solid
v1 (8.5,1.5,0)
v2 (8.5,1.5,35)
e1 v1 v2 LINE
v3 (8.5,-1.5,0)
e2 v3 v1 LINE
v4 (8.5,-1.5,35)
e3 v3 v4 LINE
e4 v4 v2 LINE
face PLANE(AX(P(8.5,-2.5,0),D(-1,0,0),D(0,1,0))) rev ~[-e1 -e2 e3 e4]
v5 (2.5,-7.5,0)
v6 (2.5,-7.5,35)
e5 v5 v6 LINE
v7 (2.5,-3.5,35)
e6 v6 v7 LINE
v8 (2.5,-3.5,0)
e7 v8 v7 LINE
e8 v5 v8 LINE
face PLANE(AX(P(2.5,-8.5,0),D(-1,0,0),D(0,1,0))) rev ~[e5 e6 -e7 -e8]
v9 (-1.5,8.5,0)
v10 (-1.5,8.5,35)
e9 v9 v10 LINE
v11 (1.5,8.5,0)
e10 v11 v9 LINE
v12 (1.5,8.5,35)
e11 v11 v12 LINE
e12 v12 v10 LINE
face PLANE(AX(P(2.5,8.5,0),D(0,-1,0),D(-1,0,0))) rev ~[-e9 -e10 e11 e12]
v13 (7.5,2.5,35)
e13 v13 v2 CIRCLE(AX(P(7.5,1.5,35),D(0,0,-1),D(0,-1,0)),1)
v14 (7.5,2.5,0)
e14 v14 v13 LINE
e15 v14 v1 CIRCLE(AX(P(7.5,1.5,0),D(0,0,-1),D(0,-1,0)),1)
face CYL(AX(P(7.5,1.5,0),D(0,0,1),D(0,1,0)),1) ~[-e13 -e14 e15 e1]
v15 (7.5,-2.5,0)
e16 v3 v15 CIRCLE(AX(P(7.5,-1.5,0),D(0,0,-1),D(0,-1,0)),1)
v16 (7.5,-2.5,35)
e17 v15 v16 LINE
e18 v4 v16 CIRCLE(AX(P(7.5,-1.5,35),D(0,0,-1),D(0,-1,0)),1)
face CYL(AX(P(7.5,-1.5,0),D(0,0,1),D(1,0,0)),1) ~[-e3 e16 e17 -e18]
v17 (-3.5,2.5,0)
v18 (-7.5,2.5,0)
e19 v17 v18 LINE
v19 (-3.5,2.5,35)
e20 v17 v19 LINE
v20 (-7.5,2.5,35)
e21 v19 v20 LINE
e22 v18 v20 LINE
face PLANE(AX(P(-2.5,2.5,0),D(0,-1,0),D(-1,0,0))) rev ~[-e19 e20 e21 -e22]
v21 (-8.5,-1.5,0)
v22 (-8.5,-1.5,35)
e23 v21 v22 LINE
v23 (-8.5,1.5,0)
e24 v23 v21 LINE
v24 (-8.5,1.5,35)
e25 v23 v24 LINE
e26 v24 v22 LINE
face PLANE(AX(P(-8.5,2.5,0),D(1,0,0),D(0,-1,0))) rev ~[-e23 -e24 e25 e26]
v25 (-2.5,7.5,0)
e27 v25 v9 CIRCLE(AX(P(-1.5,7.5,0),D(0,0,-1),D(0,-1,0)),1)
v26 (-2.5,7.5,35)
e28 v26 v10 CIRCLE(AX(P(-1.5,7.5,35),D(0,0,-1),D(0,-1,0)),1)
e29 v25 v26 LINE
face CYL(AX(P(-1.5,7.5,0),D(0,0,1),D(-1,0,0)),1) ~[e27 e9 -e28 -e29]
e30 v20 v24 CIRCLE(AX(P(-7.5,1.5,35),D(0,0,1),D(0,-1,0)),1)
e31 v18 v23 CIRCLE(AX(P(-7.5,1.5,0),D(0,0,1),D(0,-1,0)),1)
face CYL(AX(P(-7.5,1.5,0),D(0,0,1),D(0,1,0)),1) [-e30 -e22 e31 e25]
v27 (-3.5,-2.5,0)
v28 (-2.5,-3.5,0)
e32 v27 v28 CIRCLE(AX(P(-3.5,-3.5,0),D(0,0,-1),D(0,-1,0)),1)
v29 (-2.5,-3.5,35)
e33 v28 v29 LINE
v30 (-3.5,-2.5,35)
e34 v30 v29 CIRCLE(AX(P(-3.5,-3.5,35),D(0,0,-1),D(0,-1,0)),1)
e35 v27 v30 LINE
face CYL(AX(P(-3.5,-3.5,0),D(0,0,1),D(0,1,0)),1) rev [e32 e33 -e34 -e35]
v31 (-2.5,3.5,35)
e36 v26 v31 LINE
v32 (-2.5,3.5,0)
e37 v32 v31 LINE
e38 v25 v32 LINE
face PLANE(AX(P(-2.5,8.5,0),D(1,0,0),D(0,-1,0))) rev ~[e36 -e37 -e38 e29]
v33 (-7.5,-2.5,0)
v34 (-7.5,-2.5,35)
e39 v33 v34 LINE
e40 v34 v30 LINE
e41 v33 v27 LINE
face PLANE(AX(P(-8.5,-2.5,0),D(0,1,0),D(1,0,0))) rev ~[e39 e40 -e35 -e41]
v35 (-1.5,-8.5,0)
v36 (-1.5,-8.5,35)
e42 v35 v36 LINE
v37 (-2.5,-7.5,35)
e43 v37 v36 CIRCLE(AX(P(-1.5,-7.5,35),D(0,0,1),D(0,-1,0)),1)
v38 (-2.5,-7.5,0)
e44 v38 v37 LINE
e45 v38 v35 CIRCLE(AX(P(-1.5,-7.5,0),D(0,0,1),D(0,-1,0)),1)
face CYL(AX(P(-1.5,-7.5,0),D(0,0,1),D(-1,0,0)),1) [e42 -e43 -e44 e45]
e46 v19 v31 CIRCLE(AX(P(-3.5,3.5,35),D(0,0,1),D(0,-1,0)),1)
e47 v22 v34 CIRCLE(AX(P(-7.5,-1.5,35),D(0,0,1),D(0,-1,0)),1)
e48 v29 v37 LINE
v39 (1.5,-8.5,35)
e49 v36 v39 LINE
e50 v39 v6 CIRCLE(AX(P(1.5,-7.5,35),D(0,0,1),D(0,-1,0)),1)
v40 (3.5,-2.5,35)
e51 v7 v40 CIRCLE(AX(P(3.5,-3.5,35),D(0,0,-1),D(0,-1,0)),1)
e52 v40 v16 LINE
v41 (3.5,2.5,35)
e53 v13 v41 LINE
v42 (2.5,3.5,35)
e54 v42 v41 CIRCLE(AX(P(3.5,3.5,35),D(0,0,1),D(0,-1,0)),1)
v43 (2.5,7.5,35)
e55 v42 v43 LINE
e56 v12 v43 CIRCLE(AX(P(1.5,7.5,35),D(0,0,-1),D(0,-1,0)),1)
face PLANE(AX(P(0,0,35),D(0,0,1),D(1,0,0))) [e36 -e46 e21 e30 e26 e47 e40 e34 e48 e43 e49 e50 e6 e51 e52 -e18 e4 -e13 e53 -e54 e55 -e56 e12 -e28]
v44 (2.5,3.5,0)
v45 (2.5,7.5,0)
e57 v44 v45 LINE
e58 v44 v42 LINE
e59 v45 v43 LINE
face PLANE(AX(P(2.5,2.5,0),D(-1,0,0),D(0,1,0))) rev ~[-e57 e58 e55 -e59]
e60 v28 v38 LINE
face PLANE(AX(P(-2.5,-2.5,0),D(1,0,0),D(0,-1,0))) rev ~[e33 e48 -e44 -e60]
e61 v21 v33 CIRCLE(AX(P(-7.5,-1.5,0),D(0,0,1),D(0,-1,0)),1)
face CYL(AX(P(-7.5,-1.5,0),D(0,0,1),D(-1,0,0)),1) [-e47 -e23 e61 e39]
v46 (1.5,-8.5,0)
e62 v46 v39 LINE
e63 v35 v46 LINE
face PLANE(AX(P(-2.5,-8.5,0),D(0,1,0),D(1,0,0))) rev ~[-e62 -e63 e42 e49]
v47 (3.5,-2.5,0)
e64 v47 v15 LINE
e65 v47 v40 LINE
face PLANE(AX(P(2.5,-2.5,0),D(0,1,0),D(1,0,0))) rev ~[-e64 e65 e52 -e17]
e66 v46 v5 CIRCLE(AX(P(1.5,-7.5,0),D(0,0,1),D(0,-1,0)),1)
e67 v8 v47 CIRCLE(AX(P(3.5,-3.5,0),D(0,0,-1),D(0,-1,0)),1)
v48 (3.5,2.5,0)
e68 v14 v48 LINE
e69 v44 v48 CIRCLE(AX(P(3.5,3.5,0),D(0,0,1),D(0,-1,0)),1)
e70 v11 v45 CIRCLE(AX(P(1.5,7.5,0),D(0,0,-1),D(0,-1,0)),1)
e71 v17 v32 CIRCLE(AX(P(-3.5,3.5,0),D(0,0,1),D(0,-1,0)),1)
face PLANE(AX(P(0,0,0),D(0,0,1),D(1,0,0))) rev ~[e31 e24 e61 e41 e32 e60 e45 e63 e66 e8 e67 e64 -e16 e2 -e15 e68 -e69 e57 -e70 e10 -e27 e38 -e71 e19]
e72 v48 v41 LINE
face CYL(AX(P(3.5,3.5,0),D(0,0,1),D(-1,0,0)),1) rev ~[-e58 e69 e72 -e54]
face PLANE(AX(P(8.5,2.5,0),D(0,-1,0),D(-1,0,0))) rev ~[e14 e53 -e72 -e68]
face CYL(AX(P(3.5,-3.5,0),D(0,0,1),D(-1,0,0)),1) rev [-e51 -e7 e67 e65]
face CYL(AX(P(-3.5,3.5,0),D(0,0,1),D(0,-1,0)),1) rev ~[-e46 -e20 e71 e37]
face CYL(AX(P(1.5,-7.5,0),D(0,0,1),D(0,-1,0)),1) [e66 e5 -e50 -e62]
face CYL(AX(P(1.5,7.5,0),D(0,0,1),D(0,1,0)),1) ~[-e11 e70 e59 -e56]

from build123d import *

# Parameters (mm, degrees)
F1_DEPTH = 35
F2_R     = 1
F3_R     = 1
F4_R     = 1


with BuildPart() as f1:
    # F0 (on Top) → F1 (new body)
    with BuildSketch(Plane.XY):
        Polygon((-8.5, -2.5), (-2.5, -2.5), (-2.5, -8.5), (2.5, -8.5), (2.5, -2.5), (8.5, -2.5), (8.5, 2.5), (2.5, 2.5), (2.5, 8.5), (-2.5, 8.5), (-2.5, 2.5), (-8.5, 2.5), align=None)
    extrude(amount=F1_DEPTH)

    # F2
    f2_edges = [f1.edges().sort_by_distance(p)[0] for p in [
        (2.5, -2.5, 17.5),
        (-2.5, -2.5, 17.5),
    ]]
    fillet(f2_edges, radius=F2_R)

    # F3
    f3_edges = [f1.edges().sort_by_distance(p)[0] for p in [
        (-2.5, 2.5, 17.5),
        (2.5, 2.5, 17.5),
    ]]
    fillet(f3_edges, radius=F3_R)

    # F4
    f4_edges = [f1.edges().sort_by_distance(p)[0] for p in [
        (-2.5, -8.5, 17.5),
        (2.5, -8.5, 17.5),
        (-8.5, -2.5, 17.5),
        (-8.5, 2.5, 17.5),
        (-2.5, 8.5, 17.5),
        (2.5, 8.5, 17.5),
        (8.5, 2.5, 17.5),
        (8.5, -2.5, 17.5),
    ]]
    fillet(f4_edges, radius=F4_R)


solid = f1.part
